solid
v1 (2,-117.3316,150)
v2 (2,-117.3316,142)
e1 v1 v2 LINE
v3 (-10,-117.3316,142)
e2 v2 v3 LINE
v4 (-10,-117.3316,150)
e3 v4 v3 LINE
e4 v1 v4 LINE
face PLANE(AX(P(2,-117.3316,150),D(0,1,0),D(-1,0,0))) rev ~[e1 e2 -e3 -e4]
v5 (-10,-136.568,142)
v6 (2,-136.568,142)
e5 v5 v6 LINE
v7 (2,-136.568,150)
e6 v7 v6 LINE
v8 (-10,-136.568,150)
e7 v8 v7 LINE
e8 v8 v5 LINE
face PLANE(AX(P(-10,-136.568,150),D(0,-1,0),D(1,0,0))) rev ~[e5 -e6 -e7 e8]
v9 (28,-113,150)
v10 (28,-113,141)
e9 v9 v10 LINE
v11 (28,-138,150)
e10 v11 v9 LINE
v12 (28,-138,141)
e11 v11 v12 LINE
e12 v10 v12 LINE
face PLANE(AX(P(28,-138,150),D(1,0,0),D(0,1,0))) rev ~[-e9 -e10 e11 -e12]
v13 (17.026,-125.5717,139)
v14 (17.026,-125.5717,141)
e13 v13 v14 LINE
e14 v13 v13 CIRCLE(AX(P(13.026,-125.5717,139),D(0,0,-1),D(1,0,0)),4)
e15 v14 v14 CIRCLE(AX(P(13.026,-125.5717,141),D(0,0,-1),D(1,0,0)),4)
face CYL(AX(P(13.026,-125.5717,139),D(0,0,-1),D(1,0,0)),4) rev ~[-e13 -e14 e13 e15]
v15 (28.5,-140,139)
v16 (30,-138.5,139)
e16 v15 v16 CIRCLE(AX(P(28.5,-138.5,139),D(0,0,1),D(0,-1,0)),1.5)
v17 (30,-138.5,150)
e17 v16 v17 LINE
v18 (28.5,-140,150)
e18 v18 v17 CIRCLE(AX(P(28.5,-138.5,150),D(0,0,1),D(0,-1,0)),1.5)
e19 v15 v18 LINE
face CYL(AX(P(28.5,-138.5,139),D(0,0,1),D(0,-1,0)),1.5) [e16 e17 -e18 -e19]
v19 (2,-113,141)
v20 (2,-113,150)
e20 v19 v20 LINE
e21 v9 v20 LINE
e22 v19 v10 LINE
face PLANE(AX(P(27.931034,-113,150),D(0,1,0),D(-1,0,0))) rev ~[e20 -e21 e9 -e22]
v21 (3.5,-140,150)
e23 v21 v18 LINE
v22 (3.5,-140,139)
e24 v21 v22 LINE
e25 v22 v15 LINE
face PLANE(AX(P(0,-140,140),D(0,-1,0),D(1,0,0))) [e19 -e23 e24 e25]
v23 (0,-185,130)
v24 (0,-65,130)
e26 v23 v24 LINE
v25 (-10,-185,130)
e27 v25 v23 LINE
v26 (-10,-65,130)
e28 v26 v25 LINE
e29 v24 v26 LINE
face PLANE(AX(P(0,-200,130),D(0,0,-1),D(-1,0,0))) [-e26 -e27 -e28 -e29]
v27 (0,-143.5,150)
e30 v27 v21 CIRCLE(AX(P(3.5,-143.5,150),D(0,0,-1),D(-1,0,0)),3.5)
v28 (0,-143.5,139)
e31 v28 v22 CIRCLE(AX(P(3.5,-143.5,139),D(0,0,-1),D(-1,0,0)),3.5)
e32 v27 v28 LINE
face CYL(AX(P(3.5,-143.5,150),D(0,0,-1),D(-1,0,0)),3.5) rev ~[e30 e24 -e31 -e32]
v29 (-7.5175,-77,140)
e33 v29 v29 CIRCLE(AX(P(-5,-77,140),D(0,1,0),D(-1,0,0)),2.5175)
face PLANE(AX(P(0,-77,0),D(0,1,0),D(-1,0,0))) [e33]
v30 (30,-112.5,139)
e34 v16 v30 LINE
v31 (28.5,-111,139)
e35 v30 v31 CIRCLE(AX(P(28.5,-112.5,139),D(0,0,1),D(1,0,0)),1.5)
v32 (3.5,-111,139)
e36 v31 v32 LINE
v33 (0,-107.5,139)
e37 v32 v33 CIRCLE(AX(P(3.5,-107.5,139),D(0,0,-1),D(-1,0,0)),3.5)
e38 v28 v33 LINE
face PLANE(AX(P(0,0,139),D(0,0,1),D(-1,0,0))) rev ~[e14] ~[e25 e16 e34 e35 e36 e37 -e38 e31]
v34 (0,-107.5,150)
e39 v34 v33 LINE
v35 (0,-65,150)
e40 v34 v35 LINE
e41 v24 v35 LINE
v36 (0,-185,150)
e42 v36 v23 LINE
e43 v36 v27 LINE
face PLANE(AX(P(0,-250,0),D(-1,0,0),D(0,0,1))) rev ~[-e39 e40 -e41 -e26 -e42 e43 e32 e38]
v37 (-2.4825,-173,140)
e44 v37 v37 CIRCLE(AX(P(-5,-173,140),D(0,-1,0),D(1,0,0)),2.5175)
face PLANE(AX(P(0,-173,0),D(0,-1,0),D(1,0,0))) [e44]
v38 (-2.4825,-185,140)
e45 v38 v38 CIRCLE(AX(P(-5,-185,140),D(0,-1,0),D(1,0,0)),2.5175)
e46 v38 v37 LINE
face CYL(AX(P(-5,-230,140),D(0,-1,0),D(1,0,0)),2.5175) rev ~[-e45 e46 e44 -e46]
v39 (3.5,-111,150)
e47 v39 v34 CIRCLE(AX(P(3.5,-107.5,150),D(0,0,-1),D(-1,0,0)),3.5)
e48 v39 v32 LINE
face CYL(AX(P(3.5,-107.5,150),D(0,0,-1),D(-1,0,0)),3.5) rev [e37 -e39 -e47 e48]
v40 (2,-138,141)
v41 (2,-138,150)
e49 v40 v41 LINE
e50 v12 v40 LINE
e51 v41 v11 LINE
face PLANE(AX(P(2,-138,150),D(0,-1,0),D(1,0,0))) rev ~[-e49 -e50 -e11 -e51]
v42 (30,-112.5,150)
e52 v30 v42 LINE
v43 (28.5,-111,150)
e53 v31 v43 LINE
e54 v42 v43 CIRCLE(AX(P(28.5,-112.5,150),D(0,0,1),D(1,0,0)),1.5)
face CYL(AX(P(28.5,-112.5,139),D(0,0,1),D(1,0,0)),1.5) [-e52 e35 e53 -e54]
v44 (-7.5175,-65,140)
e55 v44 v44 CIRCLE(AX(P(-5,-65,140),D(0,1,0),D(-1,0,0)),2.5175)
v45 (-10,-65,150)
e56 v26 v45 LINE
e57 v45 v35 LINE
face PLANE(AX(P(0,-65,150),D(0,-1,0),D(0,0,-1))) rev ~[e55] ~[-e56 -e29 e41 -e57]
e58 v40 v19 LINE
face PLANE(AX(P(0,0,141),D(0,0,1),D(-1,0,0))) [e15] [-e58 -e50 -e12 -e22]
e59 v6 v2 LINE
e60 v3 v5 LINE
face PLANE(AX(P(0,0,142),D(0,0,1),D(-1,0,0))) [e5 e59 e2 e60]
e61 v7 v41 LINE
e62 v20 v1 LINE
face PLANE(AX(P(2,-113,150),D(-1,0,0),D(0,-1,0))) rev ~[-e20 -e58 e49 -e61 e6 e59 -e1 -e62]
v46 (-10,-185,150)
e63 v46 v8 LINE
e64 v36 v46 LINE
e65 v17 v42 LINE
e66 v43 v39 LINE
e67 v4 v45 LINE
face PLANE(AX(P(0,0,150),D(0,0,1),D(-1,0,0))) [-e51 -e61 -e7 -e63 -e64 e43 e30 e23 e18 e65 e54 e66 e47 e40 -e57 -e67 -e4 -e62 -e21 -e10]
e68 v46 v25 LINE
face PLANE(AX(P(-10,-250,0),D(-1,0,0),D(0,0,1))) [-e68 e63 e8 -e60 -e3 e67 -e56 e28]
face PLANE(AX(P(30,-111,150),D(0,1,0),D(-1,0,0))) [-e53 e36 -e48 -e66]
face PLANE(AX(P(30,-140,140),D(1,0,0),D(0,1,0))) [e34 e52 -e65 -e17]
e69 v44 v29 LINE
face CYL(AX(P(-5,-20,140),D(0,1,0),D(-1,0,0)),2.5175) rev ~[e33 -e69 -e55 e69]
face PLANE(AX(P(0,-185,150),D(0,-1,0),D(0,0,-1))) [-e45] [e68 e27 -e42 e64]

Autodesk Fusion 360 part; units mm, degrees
sketch "Sketch1" plane through (0, 0, 0) normal (1, 0, 0) x (0, 1, 0)
  line L0 (0, 0) -> (-230, 0)
  line L1 (-230, 0) -> (-230, 150)
  line L2 (-230, 150) -> (0, 150)
  line L3 (0, 150) -> (0, 0)
  line L4 (-230, 0) -> (-220, 0)
  line L5 (-220, 0) -> (-220, 150)
  line L6 (-220, 150) -> (-230, 150)
  line L7 (-230, 150) -> (-230, 0)
  dimension "d1" = 230
  dimension "d2" = 150
  dimension "d3" = 10
  dimension "d4" = 150
extrude "Extrude1" add sketch "Sketch1" against normal blind 10
extrude "Extrude2" add 1 faces at (-6.6667, -230, 50) along direction (0, -1, 0) blind 20
extrude "Extrude3" add 1 faces at (-6.6667, 0, 100) along direction (0, 1, 0) blind 20
sketch "Sketch2" plane through (0, 0, 0) normal (1, 0, 0) x (0, 1, 0)
  line L0 (20, 150) -> (-250, 150)
  line L1 (-250, 150) -> (-250, 0)
  line L2 (-250, 0) -> (20, 0)
  line L3 (20, 0) -> (20, 150)
  line L4 (-250, 0) -> (-240, 0)
  line L5 (-240, 0) -> (-240, 15)
  line L6 (-240, 15) -> (-250, 15)
  line L7 (-250, 15) -> (-250, 0)
  line L8 (0, 0) -> (-10, 0)
  line L9 (-10, 0) -> (-10, 15)
  line L10 (-10, 15) -> (0, 15)
  line L11 (0, 15) -> (0, 0)
  dimension "d11" = 10
  dimension "d12" = 15
  dimension "d13" = 10
  dimension "d14" = 15
  dimension "d46" = 230
extrude "Extrude12" add 1 faces at (-6.6667, -250, 50) along direction (0, -1, 0) blind 20
extrude "Extrude4" cut sketch "Sketch2" against normal blind 140 contours L1 L2 L4 L5 L6 L7 | L2 L8 L9 L10 L11
fillet "Fillet2" radius 20 1 edges at (-5, 20, 150)
sketch "Sketch3" plane through (0, 0, 0) normal (1, 0, 0) x (0, 1, 0)
  arc A0 (20, 130) -> (0, 150) centre (0, 130) ccw
  line L0 (0, 150) -> (-270, 150)
  line L1 (-250, 15) -> (-240, 15)
  line L2 (-240, 15) -> (-240, 0)
  line L3 (-270, 0) -> (-250, 0)
  line L4 (-10, 0) -> (-10, 15)
  line L5 (-10, 15) -> (0, 15)
  line L6 (0, 15) -> (0, 0)
  line L7 (0, 0) -> (20, 0)
  line L8 (20, 0) -> (20, 130)
  line L9 (-200, 0) -> (-30, 0)
  line L10 (-30, 0) -> (-30, 130)
  line L11 (-30, 130) -> (-200, 130)
  line L12 (-200, 130) -> (-200, 0)
  line L13 (-270, 150) -> (-270, 0)
  line L14 (-250, 0) -> (-250, 15)
  line L15 (-240, 0) -> (-10, 0)
extrude "Extrude5" cut sketch "Sketch3" against normal blind 100 contours L9 L10 L11 L12 L15
sketch "Sketch4" plane through (0, 0, 150) normal (0, 0, 1) x (-1, 0, 0)
  line L0 (0, 0) -> (10, 0)
  line L1 (10, 0) -> (10, 270)
  line L2 (0, 270) -> (0, 0)
  line L3 (0, 140) -> (-30, 140)
  line L4 (-30, 140) -> (-30, 111)
  line L5 (-30, 111) -> (0, 111)
  line L6 (0, 111) -> (0, 140)
  line L7 (0, 140) -> (-30, 111)
  line L8 (-30, 140) -> (0, 111)
  line L9 (-2, 138) -> (-28, 138)
  line L10 (-28, 138) -> (-28, 113)
  line L11 (-28, 113) -> (-2, 113)
  line L12 (-2, 113) -> (-2, 138)
  line L13 (-2, 138) -> (-28, 113) construction
  line L14 (-28, 138) -> (-2, 113) construction
  line L15 (10, 270) -> (0, 270)
  point P0 (-15, 125.5)
  dimension "d23" = 30
  dimension "d24" = 29
  dimension "d25" = 26
  dimension "d26" = 25
extrude "Extrude6" add sketch "Sketch4" against normal blind 10 contours L2 L6 L7 L8 L9 L11 L12 | L5 L7 L8 L11 | L3 L7 L8 L9 | L4 L7 L8 L9 L10 L11 | L7 L8 L11 | L7 L8 L9 L11 L12 | L7 L8 L9 | L7 L8 L9 L10 L11
extrude "Extrude7" cut sketch "Sketch4" against normal blind 8 contours L7 L8 L11 | L7 L8 L9 L11 L12 | L7 L8 L9 | L7 L8 L9 L10 L11
extrude "Extrude9" add 1 faces at (20, -120.6667, 140) along direction (0, 0, -1) blind 1
sketch "Sketch5" plane through (0, 0, 139) normal (0, 0, -1) x (1, 0, 0)
  line L0 (0, 140) -> (0, 111)
  line L1 (0, 111) -> (30, 111)
  line L2 (30, 111) -> (30, 140)
  line L3 (30, 140) -> (0, 140)
  circle A0 centre (13.026, 125.5717) radius 4
  line L4 (0, 111) -> (30, 111)
  line L5 (30, 111) -> (30, 140)
  line L6 (30, 140) -> (0, 140)
  line L7 (0, 140) -> (0, 111)
  line L8 (0, 126.0602) -> (5.9, 126.0602)
  line L9 (15.4722, 111) -> (15.4722, 119.2)
  line L10 (30, 125.5) -> (20.7, 125.5)
  line L11 (15, 140) -> (15, 131.8)
  line L12 (5.9, 119.2) -> (20.7, 119.2)
  line L13 (20.7, 119.2) -> (20.7, 131.8)
  line L14 (20.7, 131.8) -> (5.9, 131.8)
  line L15 (5.9, 131.8) -> (5.9, 119.2)
  dimension "d35" = 8
  dimension "d84" = 5.9
  dimension "d85" = 8.2
  dimension "d86" = 9.3
  dimension "d87" = 8.2
extrude "Extrude10" cut sketch "Sketch5" against normal blind 30 contours A0
fillet "Fillet3" radius 1.5 2 edges at (30, -111, 144.5) (30, -140, 144.5)
fillet "Fillet4" radius 3.5 1 edges at (0, -111, 144.5)
fillet "Fillet5" radius 3.5 1 edges at (0, -140, 144.5)
extrude "Extrude8" cut 1 faces at (24.342, -125.5239, 142) along direction (0, 0, -1) blind 1
fillet "Fillet7" radius 20 1 edges at (-5, -270, 150)
extrude "Extrude13" cut 1 faces at (-6.6667, -200, 86.6667) along direction (0, -1, 0) blind 20
fillet "Fillet8" radius 10 2 edges at (-5, -220, 130) (-5, -30, 130)
sketch "Sketch6" plane through (0, 0, 0) normal (1, 0, 0) x (0, 1, 0)
  line L0 (-210, 130) -> (-40, 130)
  arc A0 (-30, 120) -> (-40, 130) centre (-40, 120) ccw
  line L1 (-30, 120) -> (-30, 0)
  line L2 (-30, 0) -> (-10, 0)
  line L3 (-10, 0) -> (-10, 15)
  line L4 (-10, 15) -> (0, 15)
  line L5 (0, 15) -> (0, 0)
  line L6 (0, 0) -> (20, 0)
  line L7 (20, 0) -> (20, 130)
  arc A1 (20, 130) -> (0, 150) centre (0, 130) ccw
  line L8 (0, 150) -> (-107.5, 150)
  line L9 (-107.5, 150) -> (-107.5, 139)
  line L10 (-107.5, 139) -> (-143.5, 139)
  line L11 (-143.5, 139) -> (-143.5, 150)
  line L12 (-143.5, 150) -> (-250, 150)
  arc A2 (-250, 150) -> (-270, 130) centre (-250, 130) ccw
  line L13 (-270, 130) -> (-270, 0)
  line L14 (-270, 0) -> (-250, 0)
  line L15 (-250, 0) -> (-250, 15)
  line L16 (-250, 15) -> (-240, 15)
  line L17 (-240, 15) -> (-240, 0)
  line L18 (-240, 0) -> (-220, 0)
  line L19 (-220, 0) -> (-220, 120)
  arc A3 (-210, 130) -> (-220, 120) centre (-210, 120) ccw
  line L20 (-270, 0) -> (-198, 0)
  line L21 (-198, 0) -> (-198, 167.8427)
  line L22 (-198, 167.8427) -> (-270, 167.8427)
  line L23 (-270, 167.8427) -> (-270, 0)
  line L24 (20, 0) -> (-52, 0)
  line L25 (-52, 0) -> (-52, 156.7227)
  line L26 (-52, 156.7227) -> (20, 156.7227)
  line L27 (20, 156.7227) -> (20, 0)
  dimension "d57" = 72
extrude "Extrude14" cut sketch "Sketch6" against normal blind 180 contours L0 L12 A2 L13 L14 L15 L16 L17 L18 L19 A3 L20 L21 L23 | L0 L19 A3 L20 L21 | L0 A0 L1 L2 L3 L4 L5 L6 L7 A1 L8 L24 L25 L27 | L0 A0 L1 L24 L25 | L12 A2 L21 L22 L23 | A1 L8 L25 L26 L27
sketch "Sketch7" plane through (0, 0, 0) normal (1, 0, 0) x (0, 1, 0)
  line L0 (-198, 150) -> (-198, 130)
  line L1 (-198, 130) -> (-52, 130)
  line L2 (-52, 130) -> (-52, 150)
  line L3 (-52, 150) -> (-107.5, 150)
  line L4 (-107.5, 150) -> (-107.5, 139)
  line L5 (-107.5, 139) -> (-143.5, 139)
  line L6 (-143.5, 139) -> (-143.5, 150)
  line L7 (-143.5, 150) -> (-198, 150)
  line L8 (-198, 150) -> (-250, 150)
  line L9 (-52, 150) -> (0, 150)
  line L10 (-250, 150) -> (-250, 130)
  line L11 (-250, 130) -> (-198, 130)
  line L12 (0, 150) -> (0, 130)
  line L13 (0, 130) -> (-52, 130)
  dimension "d60" = 52
  dimension "d61" = 52
extrude "Extrude15" add sketch "Sketch7" against normal blind 10 contours L0 L8 L10 L11 | L2 L9 L12 L13
sketch "Sketch8" plane through (0, -250, 0) normal (0, -1, 0) x (1, 0, 0)
  line L0 (0, 130) -> (0, 150)
  line L1 (0, 150) -> (-10, 150)
  line L2 (-10, 150) -> (-10, 130)
  line L3 (-10, 130) -> (0, 130)
  circle A0 centre (-5, 140) radius 3.5
  dimension "d64" = 7
extrude "Extrude16" cut sketch "Sketch8" against normal blind 20 contours A0
sketch "Sketch9" plane through (0, 0, 0) normal (0, 1, 0) x (-1, 0, 0)
  line L0 (0, 150) -> (0, 130)
  line L1 (0, 130) -> (10, 130)
  line L2 (10, 130) -> (10, 150)
  line L3 (10, 150) -> (0, 150)
  circle A0 centre (5, 140) radius 3.5
  dimension "d67" = 7
extrude "Extrude17" cut sketch "Sketch9" against normal blind 20 contours A0
thread "Thread1" "ISO Metric profile 7.0 M7x1 6H" major diameter 7.1472 minor diameter 6.0355 pitch 1 angle 60 resizes the face on face at (-1.7748, -13.3333, 138.6405)
thread "Thread2" "ISO Metric profile 7.0 M7x1 6H" major diameter 7.1472 minor diameter 6.0355 pitch 1 angle 60 resizes the face on face at (-8.2889, -236.6667, 138.8029)
extrude "Extrude18" cut 1 faces at (-4.9248, -250, 147.6698) along direction (0, 1, 0) blind 15
extrude "Extrude19" cut 1 faces at (-4.9248, 0, 147.6698) along direction (0, -1, 0) blind 15
extrude "Extrude20" cut 1 faces at (-4.9248, -235, 147.6698) along direction (0, 1, 0) blind 50
extrude "Extrude21" cut 1 faces at (-5.503, -230, 137.9955) along direction (0, 1, 0) blind 59
extrude "Extrude22" cut 1 faces at (-4.9248, -15, 147.6698) along direction (0, -1, 0) blind 50
extrude "Extrude23" cut 1 faces at (-4.497, -20, 137.9955) along direction (0, -1, 0) blind 57
extrude "Extrude24" add 1 faces at (-5.503, -171, 137.9955) along direction (0, -1, 0) blind 2
thread "Thread3" "ISO Metric profile 6.0 M6x1 6H" major diameter 6.147 minor diameter 5.035 pitch 1 angle 60 resizes the face on face at (-7.3117, -177, 138.0602)
thread "Thread4" "ISO Metric profile 6.0 M6x1 6H" major diameter 6.147 minor diameter 5.035 pitch 1 angle 60 resizes the face on face at (-2.5945, -73, 141.8221)
sketch "Sketch10" plane through (0, 0, 150) normal (0, 0, 1) x (-1, 0, 0)
  line L0 (-28, 138) -> (-2, 138)
  line L1 (-2, 138) -> (-2, 113)
  line L2 (-2, 113) -> (-28, 113)
  line L3 (-28, 113) -> (-28, 138)
  line L4 (0, 65) -> (10, 65)
  line L5 (10, 65) -> (10, 185)
  line L6 (10, 185) -> (0, 185)
  line L7 (0, 185) -> (0, 143.5)
  arc A0 (-3.5, 140) -> (0, 143.5) centre (-3.5, 143.5) ccw
  line L8 (-3.5, 140) -> (-28.5, 140)
  arc A1 (-28.5, 140) -> (-30, 138.5) centre (-28.5, 138.5) ccw
  line L9 (-30, 138.5) -> (-30, 112.5)
  arc A2 (-30, 112.5) -> (-28.5, 111) centre (-28.5, 112.5) ccw
  line L10 (-28.5, 111) -> (-3.5, 111)
  arc A3 (0, 107.5) -> (-3.5, 111) centre (-3.5, 107.5) ccw
  line L11 (0, 107.5) -> (0, 65)
  line L12 (-2, 117.3316) -> (10, 117.3316)
  line L13 (10, 117.3316) -> (10, 136.568)
  line L14 (10, 136.568) -> (-2, 136.568)
  line L15 (-2, 136.568) -> (-2, 117.3316)
extrude "Extrude25" cut sketch "Sketch10" against normal blind 8 contours L1 L5 L12 L13 L14 L15
